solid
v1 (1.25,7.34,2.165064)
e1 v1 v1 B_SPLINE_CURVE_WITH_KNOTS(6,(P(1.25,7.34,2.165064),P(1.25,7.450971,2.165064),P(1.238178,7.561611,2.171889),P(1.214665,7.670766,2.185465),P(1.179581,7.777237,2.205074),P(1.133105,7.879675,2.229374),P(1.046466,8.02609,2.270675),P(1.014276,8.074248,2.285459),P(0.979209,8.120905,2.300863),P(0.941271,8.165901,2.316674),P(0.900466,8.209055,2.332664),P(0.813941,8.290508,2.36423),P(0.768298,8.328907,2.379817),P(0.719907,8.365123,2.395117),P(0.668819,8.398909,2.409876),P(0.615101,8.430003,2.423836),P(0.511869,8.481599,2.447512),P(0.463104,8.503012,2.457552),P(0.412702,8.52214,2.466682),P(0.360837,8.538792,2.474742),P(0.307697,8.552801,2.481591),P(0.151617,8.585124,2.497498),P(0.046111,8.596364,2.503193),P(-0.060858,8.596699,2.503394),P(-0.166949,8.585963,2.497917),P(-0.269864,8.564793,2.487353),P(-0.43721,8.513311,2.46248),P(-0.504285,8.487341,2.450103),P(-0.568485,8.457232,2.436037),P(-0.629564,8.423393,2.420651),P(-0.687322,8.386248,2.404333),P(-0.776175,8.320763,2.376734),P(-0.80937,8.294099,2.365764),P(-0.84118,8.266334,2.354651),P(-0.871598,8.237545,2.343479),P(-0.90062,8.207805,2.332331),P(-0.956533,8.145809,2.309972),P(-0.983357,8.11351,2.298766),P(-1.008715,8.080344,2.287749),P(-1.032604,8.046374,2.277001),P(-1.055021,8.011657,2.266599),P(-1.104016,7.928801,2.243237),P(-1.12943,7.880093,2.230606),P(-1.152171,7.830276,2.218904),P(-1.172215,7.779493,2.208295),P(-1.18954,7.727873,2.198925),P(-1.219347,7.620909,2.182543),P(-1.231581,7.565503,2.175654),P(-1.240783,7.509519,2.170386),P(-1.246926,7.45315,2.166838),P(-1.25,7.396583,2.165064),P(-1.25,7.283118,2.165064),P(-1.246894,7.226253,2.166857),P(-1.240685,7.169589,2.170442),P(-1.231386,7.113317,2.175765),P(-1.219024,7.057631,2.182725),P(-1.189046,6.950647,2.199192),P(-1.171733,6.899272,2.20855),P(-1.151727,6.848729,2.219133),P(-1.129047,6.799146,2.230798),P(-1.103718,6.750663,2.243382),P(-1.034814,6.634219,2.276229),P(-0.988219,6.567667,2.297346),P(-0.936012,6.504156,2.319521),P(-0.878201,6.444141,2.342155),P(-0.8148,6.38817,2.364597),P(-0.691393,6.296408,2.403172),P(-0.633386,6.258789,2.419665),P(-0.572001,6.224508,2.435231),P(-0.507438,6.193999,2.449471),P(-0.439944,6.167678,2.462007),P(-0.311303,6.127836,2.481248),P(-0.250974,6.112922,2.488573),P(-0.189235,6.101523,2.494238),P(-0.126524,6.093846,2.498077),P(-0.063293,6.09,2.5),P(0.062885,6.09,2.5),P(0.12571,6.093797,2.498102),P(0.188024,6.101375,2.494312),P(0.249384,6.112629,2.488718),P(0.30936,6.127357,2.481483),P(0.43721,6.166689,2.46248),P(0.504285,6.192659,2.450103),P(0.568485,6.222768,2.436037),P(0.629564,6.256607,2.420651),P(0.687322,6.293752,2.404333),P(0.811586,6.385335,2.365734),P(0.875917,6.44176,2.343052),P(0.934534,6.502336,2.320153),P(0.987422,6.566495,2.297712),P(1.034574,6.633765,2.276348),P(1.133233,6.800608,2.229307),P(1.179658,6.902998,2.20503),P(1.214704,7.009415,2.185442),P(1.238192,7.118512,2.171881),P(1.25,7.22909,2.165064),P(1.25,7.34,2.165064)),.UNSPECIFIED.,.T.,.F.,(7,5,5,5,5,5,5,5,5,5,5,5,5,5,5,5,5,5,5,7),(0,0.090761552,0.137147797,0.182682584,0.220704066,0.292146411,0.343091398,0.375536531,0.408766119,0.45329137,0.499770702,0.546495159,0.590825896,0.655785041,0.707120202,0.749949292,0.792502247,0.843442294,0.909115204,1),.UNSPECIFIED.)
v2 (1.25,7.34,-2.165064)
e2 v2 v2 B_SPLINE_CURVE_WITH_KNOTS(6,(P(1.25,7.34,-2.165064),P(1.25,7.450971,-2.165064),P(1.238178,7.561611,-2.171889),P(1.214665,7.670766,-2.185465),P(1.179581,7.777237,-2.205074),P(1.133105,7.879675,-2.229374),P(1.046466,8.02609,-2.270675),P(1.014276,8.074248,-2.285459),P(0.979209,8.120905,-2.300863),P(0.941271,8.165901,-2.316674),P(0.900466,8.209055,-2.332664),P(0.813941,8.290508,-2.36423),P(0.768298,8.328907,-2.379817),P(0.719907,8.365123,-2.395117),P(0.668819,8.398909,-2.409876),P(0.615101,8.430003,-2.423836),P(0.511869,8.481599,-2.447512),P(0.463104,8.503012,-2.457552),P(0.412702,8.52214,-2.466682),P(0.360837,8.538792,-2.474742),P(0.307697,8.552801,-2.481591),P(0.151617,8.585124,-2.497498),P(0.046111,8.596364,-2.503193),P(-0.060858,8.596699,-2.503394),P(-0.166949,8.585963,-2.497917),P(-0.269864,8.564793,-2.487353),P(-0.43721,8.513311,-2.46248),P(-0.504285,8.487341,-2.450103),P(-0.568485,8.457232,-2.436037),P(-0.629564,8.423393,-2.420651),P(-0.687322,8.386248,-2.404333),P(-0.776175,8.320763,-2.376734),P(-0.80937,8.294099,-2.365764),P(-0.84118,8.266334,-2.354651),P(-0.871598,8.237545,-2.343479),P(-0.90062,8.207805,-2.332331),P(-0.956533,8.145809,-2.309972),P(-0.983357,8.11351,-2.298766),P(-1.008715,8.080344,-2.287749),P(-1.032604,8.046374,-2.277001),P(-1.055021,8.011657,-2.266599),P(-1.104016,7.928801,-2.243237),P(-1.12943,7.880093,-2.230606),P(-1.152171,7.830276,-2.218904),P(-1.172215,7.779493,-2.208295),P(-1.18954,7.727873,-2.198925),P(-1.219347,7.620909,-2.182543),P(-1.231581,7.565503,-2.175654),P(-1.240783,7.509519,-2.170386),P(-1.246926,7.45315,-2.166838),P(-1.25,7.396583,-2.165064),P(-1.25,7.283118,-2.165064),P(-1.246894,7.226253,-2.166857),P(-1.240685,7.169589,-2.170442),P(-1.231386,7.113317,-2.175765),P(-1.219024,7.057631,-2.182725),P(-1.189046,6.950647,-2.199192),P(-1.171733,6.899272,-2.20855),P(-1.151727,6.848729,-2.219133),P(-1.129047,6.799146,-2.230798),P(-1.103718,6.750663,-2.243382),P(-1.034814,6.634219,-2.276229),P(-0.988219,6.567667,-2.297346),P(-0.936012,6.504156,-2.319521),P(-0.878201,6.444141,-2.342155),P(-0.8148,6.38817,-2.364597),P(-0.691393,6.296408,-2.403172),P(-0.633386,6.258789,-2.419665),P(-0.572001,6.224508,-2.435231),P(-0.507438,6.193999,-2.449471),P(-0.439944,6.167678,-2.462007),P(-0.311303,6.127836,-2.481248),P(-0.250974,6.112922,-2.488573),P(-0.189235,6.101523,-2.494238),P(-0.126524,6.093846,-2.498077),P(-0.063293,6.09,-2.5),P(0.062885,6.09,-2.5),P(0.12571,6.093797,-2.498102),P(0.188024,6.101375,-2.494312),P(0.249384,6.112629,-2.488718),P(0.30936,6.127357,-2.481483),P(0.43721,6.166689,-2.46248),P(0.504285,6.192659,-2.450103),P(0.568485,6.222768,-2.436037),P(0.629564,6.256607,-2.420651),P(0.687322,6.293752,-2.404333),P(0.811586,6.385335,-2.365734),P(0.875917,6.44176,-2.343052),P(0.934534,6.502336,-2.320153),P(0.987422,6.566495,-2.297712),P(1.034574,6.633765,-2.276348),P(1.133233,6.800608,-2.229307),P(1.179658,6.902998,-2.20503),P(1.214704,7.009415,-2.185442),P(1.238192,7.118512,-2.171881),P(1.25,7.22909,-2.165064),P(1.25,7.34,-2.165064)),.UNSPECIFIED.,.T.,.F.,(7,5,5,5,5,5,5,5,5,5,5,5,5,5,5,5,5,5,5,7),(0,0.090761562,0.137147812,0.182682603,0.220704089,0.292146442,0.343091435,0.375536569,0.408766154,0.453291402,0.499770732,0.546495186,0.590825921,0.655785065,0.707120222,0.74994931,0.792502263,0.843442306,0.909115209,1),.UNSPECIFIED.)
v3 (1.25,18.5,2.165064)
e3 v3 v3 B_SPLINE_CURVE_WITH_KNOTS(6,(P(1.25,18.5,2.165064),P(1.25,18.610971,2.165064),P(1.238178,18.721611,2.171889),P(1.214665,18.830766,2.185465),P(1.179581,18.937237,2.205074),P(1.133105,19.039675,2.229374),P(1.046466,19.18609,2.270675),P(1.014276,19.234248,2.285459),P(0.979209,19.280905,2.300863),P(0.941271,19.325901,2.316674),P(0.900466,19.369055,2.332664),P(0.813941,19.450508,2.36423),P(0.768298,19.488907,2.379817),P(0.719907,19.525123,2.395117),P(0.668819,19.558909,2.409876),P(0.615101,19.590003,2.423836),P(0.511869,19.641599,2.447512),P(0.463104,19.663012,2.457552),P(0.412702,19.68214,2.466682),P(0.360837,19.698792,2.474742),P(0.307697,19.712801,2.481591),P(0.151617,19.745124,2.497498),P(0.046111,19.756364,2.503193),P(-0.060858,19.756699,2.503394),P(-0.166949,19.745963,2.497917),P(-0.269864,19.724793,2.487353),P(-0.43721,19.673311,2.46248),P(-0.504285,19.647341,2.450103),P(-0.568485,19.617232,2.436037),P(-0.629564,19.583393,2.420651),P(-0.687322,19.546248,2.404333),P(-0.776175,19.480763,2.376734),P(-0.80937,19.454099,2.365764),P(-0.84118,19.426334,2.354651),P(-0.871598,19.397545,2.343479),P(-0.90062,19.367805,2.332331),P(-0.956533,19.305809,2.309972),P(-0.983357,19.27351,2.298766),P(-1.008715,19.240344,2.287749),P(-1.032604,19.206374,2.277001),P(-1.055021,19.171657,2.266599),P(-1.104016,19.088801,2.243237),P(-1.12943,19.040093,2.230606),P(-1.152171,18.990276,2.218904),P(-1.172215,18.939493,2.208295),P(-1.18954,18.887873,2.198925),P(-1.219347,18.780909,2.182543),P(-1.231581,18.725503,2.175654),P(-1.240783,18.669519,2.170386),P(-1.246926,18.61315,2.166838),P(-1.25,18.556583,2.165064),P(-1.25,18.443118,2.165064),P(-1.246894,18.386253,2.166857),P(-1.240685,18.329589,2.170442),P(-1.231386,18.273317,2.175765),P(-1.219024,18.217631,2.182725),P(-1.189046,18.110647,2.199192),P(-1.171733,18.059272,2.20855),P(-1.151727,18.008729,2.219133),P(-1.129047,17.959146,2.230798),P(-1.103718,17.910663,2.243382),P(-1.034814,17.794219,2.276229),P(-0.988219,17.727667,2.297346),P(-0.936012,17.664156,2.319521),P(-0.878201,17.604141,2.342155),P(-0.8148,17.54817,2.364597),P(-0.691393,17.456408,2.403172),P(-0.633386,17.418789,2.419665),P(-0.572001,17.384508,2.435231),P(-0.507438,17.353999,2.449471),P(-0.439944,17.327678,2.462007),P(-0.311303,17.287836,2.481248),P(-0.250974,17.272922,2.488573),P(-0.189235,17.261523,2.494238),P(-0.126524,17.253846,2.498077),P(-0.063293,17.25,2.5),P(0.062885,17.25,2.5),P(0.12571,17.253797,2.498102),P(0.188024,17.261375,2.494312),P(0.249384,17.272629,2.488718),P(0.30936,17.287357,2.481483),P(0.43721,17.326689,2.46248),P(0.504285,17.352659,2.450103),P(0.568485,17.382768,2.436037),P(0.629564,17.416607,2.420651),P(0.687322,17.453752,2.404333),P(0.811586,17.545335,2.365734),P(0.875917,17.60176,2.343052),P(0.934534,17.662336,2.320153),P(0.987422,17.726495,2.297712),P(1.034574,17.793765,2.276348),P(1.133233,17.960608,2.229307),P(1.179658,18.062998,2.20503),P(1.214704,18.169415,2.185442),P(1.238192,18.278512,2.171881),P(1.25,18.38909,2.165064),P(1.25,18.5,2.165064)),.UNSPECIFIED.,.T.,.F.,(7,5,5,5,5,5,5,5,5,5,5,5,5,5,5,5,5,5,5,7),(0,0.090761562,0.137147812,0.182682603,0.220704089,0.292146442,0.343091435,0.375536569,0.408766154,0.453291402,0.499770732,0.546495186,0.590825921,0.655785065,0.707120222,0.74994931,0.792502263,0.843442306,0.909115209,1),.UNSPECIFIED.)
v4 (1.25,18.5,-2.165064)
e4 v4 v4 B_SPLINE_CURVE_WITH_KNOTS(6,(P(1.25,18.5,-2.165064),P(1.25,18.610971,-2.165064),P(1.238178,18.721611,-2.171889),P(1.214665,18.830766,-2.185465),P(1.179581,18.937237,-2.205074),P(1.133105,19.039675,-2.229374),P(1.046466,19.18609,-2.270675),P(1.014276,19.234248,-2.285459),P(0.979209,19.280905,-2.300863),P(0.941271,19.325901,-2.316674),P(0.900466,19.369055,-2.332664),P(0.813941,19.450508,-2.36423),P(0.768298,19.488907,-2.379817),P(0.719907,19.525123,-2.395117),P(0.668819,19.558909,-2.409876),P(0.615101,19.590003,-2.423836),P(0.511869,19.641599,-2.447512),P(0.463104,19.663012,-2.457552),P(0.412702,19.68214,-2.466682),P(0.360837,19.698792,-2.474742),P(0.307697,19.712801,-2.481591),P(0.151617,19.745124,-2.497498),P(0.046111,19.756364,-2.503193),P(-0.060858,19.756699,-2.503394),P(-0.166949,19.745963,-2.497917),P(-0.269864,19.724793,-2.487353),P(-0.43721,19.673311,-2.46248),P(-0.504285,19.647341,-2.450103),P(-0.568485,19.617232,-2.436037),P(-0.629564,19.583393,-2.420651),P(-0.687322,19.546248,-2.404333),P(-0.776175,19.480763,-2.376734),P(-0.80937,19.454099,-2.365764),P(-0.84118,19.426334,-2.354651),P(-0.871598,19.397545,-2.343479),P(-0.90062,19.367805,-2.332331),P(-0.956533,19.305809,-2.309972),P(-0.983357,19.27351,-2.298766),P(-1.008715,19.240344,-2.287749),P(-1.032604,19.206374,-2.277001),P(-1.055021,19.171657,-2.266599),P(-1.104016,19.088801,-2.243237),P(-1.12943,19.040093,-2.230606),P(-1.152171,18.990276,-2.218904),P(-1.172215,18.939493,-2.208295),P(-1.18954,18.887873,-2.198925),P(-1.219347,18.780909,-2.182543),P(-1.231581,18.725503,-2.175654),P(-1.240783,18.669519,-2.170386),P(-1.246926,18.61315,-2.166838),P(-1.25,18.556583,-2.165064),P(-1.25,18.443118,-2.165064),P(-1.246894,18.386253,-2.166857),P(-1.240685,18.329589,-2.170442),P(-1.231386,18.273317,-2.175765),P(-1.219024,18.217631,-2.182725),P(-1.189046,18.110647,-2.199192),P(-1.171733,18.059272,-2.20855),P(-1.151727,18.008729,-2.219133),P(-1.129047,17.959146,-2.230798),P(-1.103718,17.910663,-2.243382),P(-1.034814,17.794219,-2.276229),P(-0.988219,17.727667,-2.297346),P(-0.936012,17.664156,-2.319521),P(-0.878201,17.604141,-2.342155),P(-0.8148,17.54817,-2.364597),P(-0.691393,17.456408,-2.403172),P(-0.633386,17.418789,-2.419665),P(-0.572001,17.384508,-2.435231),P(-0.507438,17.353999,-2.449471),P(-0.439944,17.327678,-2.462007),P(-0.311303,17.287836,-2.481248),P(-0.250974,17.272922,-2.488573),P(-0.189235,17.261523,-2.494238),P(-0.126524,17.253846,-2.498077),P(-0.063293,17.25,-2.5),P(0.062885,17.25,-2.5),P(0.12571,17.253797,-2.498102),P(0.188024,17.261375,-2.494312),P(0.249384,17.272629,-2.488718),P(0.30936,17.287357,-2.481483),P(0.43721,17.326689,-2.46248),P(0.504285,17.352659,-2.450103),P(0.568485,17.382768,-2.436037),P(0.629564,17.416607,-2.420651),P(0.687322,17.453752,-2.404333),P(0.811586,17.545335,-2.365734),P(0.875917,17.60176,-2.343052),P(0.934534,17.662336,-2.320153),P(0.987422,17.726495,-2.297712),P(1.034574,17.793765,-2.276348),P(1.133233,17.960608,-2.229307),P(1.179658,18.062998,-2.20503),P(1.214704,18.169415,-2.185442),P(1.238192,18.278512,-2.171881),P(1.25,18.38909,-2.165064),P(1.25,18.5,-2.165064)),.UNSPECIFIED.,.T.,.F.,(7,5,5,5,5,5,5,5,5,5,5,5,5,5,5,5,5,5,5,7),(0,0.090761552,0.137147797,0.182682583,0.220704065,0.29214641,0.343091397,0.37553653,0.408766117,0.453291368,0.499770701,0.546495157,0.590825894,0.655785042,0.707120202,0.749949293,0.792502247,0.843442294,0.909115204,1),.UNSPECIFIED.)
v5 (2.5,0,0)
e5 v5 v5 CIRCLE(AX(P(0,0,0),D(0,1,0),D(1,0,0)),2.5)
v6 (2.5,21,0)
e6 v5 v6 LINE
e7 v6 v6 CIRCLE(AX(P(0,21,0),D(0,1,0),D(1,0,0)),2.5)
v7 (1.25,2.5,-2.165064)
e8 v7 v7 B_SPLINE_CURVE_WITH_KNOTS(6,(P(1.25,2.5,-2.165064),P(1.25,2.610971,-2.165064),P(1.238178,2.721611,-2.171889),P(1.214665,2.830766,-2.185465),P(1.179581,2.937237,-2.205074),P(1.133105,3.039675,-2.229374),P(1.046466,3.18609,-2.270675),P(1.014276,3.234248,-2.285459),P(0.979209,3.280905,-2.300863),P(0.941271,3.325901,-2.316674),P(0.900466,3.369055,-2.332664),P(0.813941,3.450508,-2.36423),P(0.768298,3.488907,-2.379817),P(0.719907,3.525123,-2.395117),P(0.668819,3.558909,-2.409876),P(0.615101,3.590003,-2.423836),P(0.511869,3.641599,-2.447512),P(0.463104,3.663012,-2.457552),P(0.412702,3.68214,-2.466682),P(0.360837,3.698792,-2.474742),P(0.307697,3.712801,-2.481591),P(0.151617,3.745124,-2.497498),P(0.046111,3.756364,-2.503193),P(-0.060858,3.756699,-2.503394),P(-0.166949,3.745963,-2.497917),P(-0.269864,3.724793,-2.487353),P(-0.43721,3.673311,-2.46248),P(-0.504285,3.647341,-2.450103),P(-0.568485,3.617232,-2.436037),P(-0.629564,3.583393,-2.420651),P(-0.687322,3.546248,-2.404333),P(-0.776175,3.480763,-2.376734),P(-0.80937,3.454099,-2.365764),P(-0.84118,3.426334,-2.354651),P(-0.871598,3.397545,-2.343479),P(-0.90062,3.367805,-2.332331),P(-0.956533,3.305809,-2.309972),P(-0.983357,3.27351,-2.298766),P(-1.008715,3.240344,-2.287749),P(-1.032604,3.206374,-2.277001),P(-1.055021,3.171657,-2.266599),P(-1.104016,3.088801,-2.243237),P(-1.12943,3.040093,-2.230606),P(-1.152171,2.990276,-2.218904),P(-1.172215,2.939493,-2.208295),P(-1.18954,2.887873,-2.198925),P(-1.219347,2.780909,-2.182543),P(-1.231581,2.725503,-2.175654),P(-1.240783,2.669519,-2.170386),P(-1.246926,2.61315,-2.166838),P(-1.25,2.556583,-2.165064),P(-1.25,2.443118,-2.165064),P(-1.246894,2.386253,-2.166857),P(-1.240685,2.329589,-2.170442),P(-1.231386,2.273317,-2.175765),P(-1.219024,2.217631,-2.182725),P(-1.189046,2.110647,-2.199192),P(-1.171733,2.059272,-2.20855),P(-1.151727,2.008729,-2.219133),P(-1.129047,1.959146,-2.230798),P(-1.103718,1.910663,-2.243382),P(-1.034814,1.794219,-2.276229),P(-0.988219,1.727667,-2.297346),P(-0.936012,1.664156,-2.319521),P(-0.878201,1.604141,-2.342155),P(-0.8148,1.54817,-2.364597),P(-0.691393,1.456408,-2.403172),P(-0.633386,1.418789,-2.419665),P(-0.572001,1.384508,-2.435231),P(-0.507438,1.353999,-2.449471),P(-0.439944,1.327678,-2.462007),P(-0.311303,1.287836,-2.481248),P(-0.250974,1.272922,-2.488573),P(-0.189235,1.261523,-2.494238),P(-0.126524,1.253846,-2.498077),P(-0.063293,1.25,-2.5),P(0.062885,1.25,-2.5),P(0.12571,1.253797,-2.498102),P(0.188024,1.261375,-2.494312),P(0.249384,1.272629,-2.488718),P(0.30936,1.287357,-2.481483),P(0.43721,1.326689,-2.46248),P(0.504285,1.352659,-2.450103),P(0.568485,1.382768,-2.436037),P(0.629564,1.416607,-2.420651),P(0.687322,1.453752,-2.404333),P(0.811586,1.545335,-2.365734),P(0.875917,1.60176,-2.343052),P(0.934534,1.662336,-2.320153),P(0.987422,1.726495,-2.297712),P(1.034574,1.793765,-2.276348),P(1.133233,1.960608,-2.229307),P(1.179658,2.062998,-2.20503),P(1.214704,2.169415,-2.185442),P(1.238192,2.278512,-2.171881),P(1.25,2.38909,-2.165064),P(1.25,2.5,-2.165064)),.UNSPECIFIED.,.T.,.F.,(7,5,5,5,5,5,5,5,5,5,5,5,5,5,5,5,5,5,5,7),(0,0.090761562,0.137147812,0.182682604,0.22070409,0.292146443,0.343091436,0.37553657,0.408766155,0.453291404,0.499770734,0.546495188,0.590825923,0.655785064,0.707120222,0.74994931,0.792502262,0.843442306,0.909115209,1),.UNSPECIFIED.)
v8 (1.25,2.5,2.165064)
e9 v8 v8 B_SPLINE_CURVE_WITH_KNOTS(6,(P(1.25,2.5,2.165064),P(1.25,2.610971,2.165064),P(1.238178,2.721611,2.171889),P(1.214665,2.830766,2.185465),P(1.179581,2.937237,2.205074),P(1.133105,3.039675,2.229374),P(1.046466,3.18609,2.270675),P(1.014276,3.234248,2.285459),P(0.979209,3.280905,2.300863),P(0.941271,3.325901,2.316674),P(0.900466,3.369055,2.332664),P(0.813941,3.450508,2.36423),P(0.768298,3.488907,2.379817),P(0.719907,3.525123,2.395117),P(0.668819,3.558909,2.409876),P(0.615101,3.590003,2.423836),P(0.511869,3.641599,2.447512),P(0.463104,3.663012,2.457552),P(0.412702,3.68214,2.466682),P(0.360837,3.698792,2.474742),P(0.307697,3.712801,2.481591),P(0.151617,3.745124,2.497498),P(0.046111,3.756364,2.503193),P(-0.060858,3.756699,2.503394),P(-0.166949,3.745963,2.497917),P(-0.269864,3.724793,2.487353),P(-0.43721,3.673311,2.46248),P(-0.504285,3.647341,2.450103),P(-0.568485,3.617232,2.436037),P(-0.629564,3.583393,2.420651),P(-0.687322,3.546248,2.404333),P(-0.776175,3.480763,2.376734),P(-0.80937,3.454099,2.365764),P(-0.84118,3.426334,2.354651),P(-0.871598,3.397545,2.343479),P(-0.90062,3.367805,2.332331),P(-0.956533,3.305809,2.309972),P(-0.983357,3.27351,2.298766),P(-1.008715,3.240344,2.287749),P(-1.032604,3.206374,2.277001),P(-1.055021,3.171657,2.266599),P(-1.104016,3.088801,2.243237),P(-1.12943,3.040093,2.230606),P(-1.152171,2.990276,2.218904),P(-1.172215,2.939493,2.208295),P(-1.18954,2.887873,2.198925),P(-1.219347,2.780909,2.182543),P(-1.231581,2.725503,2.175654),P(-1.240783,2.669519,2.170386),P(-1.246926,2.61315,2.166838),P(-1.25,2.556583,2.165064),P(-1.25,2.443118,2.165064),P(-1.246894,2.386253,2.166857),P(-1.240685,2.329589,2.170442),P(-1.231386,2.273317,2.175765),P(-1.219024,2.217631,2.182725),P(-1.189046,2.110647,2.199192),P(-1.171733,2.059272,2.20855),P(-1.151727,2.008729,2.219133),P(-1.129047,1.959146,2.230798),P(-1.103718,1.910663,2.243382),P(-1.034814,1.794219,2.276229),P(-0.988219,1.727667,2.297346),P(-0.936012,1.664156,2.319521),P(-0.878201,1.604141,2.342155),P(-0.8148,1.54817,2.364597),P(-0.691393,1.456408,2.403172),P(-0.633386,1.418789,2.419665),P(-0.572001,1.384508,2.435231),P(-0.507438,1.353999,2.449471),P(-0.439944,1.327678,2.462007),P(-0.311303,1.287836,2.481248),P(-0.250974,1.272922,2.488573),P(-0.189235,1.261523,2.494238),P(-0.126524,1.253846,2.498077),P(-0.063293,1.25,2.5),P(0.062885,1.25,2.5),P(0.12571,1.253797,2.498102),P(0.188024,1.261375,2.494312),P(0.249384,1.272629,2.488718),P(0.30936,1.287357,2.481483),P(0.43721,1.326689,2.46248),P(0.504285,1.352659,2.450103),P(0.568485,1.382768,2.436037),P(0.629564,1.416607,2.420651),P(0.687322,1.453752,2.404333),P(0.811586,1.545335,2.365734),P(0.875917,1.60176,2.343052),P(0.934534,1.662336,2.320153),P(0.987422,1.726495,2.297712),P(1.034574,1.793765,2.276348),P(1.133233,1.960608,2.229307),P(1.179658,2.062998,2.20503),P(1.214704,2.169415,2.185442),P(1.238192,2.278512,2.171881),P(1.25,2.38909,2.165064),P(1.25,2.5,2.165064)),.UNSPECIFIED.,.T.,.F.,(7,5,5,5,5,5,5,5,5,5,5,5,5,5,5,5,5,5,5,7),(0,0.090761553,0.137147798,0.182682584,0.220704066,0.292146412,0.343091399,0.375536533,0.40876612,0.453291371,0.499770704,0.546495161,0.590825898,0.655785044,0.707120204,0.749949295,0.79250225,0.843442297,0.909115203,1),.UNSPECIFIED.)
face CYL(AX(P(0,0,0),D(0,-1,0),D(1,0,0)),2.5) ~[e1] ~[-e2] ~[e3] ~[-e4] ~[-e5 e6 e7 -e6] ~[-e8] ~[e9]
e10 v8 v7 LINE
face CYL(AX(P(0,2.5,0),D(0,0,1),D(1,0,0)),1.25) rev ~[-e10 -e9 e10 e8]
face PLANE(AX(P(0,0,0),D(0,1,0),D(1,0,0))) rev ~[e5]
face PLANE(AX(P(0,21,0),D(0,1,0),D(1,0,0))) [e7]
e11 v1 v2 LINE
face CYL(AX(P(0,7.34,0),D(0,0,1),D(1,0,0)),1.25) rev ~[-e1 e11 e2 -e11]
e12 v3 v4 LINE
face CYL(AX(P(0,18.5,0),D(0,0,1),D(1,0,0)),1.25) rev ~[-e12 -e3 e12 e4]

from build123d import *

# Parameters (mm, degrees)
SKETCH1_R               = 2.5
BOSS_EXTRUDE1_DEPTH     = 21
SKETCH2_R               = 1.25
CUT_EXTRUDE1_DEPTH      = 3.5
CUT_EXTRUDE1_DEPTH_BACK = 3.5


with BuildPart() as part:
    # Sketch1 → Boss-Extrude1 (new body)
    with BuildSketch(Plane(origin=(0, 0, 0), x_dir=(1, 0, 0), z_dir=(0, 1, 0))):
        Circle(SKETCH1_R)
    extrude(amount=BOSS_EXTRUDE1_DEPTH)

    # Sketch2 → Cut-Extrude1 (cut, two sides)
    with BuildSketch(Plane.XY) as cut_extrude1_sk:
        with Locations((0, 18.5)):
            Circle(SKETCH2_R)
        with Locations((0, 2.5)):
            Circle(SKETCH2_R)
        with Locations((0, 7.34)):
            Circle(SKETCH2_R)
    extrude(amount=CUT_EXTRUDE1_DEPTH, mode=Mode.SUBTRACT)
    extrude(cut_extrude1_sk.sketch, amount=-CUT_EXTRUDE1_DEPTH_BACK, mode=Mode.SUBTRACT)


solid = part.part
